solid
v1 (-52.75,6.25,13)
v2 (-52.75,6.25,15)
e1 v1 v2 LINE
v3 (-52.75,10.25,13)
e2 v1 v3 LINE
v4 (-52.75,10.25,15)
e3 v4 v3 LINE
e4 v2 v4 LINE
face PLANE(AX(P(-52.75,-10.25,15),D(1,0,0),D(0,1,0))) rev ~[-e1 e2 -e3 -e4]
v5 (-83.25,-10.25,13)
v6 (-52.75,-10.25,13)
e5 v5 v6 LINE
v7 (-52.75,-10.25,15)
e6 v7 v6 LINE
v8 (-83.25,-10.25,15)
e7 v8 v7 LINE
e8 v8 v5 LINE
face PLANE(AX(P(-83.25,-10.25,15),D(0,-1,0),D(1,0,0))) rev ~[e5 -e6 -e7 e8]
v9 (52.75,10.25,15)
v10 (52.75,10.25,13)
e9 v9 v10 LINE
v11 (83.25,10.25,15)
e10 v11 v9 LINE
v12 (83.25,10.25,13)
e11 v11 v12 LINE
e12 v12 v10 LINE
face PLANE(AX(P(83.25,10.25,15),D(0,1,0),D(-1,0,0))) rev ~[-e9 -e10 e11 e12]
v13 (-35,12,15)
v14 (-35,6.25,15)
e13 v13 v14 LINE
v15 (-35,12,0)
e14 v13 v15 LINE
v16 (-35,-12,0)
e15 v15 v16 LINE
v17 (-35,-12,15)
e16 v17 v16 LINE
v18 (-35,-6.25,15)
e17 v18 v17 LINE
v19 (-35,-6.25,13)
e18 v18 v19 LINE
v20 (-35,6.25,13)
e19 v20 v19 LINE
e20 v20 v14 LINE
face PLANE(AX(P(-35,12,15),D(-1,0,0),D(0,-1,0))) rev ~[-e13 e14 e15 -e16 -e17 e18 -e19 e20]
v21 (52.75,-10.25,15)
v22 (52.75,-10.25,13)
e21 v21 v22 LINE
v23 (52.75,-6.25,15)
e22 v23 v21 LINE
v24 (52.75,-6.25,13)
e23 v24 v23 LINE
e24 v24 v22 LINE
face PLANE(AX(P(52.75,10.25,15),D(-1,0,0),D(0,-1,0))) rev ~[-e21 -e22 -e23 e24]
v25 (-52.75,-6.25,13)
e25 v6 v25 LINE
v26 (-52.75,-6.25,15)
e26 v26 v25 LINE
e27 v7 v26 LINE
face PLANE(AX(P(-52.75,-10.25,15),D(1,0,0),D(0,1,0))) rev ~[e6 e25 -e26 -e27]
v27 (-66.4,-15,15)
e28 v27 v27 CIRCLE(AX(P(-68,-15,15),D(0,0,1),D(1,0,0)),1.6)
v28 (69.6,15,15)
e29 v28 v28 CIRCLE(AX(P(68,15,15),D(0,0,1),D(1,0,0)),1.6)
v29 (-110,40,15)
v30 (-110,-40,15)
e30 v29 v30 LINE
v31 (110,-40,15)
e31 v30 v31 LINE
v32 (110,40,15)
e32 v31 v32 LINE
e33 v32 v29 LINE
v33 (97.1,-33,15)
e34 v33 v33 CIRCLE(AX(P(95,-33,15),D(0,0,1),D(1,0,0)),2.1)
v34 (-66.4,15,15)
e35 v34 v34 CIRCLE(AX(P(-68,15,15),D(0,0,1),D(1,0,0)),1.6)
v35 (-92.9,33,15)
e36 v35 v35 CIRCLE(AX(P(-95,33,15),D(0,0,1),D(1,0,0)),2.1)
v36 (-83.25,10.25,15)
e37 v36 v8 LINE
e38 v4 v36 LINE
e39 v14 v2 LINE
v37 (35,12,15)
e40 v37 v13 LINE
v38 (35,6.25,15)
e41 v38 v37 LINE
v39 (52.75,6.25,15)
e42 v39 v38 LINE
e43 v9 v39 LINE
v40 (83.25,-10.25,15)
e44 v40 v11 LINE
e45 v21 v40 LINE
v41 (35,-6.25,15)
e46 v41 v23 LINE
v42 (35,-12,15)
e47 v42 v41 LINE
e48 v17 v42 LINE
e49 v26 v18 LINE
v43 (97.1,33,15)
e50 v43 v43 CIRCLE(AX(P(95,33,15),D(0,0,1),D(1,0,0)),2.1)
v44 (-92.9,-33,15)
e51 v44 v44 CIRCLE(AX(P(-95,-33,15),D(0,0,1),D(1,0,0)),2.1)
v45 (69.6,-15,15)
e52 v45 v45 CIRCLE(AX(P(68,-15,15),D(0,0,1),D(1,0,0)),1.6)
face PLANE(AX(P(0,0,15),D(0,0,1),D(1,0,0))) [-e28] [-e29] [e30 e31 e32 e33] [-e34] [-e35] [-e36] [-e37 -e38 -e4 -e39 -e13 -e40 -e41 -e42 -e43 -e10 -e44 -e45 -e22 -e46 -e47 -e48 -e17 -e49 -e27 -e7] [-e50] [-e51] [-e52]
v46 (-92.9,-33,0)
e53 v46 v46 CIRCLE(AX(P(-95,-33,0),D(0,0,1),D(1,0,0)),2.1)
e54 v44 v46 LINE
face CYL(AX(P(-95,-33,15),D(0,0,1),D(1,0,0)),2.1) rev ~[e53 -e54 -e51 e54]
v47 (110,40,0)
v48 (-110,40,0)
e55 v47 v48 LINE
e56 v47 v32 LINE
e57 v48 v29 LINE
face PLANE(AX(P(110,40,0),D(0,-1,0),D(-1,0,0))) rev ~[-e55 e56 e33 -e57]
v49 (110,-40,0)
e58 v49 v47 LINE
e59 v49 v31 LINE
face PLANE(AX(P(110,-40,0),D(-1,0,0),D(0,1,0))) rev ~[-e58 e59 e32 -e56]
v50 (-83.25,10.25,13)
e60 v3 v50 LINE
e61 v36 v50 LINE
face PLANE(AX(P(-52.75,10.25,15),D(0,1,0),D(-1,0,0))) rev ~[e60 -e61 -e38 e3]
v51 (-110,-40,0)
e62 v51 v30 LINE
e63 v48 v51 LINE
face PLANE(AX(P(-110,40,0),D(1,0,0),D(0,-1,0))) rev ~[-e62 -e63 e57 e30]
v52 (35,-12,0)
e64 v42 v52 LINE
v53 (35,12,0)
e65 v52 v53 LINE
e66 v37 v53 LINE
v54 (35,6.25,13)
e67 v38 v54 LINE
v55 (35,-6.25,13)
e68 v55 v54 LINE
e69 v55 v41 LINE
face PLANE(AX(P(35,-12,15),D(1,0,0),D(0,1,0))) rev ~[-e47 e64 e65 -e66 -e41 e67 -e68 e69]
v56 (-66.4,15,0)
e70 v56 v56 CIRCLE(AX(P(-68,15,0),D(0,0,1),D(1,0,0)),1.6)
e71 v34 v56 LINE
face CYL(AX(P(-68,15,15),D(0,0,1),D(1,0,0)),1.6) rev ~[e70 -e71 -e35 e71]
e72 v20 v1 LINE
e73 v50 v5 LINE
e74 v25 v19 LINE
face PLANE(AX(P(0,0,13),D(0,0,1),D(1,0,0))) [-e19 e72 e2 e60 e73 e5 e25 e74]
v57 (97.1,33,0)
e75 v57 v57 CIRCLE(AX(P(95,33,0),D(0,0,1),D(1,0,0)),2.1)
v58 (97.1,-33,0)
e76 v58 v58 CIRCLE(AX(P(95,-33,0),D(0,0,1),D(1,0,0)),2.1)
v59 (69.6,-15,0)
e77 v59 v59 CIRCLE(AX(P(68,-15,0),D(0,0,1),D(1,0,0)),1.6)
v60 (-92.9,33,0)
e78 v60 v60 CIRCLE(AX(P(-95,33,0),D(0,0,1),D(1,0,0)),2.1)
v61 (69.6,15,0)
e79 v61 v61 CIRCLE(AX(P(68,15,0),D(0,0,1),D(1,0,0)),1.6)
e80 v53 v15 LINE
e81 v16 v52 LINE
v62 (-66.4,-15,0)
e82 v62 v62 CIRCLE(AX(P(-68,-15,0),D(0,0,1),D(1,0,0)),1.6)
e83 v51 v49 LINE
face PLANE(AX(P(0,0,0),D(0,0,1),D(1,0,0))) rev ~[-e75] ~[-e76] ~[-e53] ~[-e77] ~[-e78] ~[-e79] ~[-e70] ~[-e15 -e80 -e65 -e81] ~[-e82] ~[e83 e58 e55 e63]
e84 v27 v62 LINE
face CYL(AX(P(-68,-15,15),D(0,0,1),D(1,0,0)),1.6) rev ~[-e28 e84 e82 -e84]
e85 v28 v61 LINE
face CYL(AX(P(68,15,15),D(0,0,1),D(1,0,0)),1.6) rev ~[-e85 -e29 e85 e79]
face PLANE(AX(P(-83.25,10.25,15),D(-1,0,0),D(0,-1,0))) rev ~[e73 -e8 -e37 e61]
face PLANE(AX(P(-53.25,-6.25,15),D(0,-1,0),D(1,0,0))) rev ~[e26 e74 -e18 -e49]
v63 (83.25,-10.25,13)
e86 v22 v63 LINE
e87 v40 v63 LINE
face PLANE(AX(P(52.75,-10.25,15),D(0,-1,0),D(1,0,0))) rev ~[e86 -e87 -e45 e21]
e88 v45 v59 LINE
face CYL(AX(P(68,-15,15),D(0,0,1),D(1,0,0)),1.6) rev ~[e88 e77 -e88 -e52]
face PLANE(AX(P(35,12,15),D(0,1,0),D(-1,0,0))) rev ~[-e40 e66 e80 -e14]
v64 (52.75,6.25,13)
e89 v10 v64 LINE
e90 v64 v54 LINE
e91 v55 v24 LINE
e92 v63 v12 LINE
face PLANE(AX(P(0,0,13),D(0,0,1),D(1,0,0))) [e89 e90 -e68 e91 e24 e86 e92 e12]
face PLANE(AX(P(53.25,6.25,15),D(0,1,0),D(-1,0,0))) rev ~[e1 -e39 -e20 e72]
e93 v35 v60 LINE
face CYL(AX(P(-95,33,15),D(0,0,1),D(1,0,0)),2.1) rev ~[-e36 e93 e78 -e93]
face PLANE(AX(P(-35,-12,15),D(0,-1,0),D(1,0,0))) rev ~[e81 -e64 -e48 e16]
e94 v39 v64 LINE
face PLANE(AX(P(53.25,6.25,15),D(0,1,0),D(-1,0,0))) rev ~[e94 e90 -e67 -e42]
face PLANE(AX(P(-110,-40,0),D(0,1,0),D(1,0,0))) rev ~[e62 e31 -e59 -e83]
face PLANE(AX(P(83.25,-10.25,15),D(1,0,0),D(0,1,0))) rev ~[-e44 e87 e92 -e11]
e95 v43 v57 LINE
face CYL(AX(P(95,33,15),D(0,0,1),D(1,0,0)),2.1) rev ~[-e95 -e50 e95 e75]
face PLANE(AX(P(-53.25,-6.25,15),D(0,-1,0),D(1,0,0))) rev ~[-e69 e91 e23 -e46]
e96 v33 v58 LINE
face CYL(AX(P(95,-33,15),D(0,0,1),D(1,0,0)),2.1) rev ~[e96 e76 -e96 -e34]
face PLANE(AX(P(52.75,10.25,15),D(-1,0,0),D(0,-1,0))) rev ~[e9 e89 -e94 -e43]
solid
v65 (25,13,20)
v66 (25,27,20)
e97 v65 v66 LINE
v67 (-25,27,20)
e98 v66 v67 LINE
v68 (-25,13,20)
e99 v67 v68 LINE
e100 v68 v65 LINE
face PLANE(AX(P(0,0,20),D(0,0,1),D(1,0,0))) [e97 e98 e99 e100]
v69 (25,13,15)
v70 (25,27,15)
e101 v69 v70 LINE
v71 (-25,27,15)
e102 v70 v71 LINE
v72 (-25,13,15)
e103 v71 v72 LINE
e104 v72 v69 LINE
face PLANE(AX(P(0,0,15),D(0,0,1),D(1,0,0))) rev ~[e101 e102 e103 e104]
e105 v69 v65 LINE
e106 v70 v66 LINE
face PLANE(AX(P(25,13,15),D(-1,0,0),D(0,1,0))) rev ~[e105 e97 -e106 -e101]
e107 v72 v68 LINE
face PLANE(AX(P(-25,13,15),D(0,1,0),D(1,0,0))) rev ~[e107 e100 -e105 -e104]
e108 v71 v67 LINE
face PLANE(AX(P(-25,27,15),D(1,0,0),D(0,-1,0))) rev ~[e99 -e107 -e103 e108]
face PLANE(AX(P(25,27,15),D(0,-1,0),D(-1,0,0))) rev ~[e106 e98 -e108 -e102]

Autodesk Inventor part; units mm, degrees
ref_plane "YZ Plane" through (0, 0, 0) normal (1, 0, 0) x (0, 1, 0)
ref_plane "XZ Plane" through (0, 0, 0) normal (0, 1, 0) x (-1, 0, 0)
sketch "Skizze1" plane through (0, 0, 0) normal (0, 0, 1) x (1, 0, 0)
  line L0 (-110, -40) -> (110, -40)
  line L1 (110, -40) -> (110, 40)
  line L2 (110, 40) -> (-110, 40)
  line L3 (-110, 40) -> (-110, -40)
extrude "Extrusion1" add sketch "Skizze1" along normal blind 15
ref_plane "Arbeitsebene1" through (0, 0, 15) normal (0, 0, 1) x (1, 0, 0)
sketch "Skizze2" plane through (0, 0, 15) normal (0, 0, 1) x (1, 0, 0)
  line L0 (-83.25, -10.25) -> (-52.75, -10.25)
  line L1 (-52.75, -10.25) -> (-52.75, 10.25)
  line L2 (-52.75, 10.25) -> (-83.25, 10.25)
  line L3 (-83.25, 10.25) -> (-83.25, -10.25)
extrude "Extrusion2" cut sketch "Skizze2" against normal blind 2
sketch "Skizze3" plane through (0, 0, 15) normal (0, 0, 1) x (1, 0, 0)
  line L0 (52.75, -10.25) -> (83.25, -10.25)
  line L1 (83.25, -10.25) -> (83.25, 10.25)
  line L2 (83.25, 10.25) -> (52.75, 10.25)
  line L3 (52.75, 10.25) -> (52.75, -10.25)
extrude "Extrusion3" cut sketch "Skizze3" against normal blind 2
sketch "Skizze4" plane through (0, 0, 15) normal (0, 0, 1) x (1, 0, 0)
  line L0 (-53.25, -6.25) -> (53.25, -6.25)
  line L1 (53.25, -6.25) -> (53.25, 6.25)
  line L2 (53.25, 6.25) -> (-53.25, 6.25)
  line L3 (-53.25, 6.25) -> (-53.25, -6.25)
extrude "Extrusion4" cut sketch "Skizze4" against normal blind 2
sketch "Skizze5" plane through (0, 0, 15) normal (0, 0, 1) x (1, 0, 0)
  line L0 (-35, -12) -> (35, -12)
  line L1 (35, -12) -> (35, 12)
  line L2 (35, 12) -> (-35, 12)
  line L3 (-35, 12) -> (-35, -12)
extrude "Extrusion5" cut sketch "Skizze5" against normal blind 16
sketch "Skizze6" plane through (0, 0, 15) normal (0, 0, 1) x (1, 0, 0)
  line L0 (-25, 13) -> (25, 13)
  line L1 (25, 13) -> (25, 27)
  line L2 (25, 27) -> (-25, 27)
  line L3 (-25, 27) -> (-25, 13)
extrude "Extrusion6" add sketch "Skizze6" along normal blind 5 separate body
sketch "Skizze7" plane through (0, 0, 15) normal (0, 0, 1) x (1, 0, 0)
  circle A0 centre (-68, -15) radius 1.6
  circle A1 centre (-68, 15) radius 1.6
  circle A2 centre (68, -15) radius 1.6
  circle A3 centre (68, 15) radius 1.6
extrude "Extrusion7" cut sketch "Skizze7" against normal blind 16 bodies 1
sketch "Skizze8" plane through (0, 0, 15) normal (0, 0, 1) x (1, 0, 0)
  circle A0 centre (-95, -33) radius 2.1
  circle A1 centre (-95, 33) radius 2.1
  circle A2 centre (95, -33) radius 2.1
  circle A3 centre (95, 33) radius 2.1
extrude "Extrusion8" cut sketch "Skizze8" against normal blind 16 bodies 1
properties part number "Grundplatte_v3"
